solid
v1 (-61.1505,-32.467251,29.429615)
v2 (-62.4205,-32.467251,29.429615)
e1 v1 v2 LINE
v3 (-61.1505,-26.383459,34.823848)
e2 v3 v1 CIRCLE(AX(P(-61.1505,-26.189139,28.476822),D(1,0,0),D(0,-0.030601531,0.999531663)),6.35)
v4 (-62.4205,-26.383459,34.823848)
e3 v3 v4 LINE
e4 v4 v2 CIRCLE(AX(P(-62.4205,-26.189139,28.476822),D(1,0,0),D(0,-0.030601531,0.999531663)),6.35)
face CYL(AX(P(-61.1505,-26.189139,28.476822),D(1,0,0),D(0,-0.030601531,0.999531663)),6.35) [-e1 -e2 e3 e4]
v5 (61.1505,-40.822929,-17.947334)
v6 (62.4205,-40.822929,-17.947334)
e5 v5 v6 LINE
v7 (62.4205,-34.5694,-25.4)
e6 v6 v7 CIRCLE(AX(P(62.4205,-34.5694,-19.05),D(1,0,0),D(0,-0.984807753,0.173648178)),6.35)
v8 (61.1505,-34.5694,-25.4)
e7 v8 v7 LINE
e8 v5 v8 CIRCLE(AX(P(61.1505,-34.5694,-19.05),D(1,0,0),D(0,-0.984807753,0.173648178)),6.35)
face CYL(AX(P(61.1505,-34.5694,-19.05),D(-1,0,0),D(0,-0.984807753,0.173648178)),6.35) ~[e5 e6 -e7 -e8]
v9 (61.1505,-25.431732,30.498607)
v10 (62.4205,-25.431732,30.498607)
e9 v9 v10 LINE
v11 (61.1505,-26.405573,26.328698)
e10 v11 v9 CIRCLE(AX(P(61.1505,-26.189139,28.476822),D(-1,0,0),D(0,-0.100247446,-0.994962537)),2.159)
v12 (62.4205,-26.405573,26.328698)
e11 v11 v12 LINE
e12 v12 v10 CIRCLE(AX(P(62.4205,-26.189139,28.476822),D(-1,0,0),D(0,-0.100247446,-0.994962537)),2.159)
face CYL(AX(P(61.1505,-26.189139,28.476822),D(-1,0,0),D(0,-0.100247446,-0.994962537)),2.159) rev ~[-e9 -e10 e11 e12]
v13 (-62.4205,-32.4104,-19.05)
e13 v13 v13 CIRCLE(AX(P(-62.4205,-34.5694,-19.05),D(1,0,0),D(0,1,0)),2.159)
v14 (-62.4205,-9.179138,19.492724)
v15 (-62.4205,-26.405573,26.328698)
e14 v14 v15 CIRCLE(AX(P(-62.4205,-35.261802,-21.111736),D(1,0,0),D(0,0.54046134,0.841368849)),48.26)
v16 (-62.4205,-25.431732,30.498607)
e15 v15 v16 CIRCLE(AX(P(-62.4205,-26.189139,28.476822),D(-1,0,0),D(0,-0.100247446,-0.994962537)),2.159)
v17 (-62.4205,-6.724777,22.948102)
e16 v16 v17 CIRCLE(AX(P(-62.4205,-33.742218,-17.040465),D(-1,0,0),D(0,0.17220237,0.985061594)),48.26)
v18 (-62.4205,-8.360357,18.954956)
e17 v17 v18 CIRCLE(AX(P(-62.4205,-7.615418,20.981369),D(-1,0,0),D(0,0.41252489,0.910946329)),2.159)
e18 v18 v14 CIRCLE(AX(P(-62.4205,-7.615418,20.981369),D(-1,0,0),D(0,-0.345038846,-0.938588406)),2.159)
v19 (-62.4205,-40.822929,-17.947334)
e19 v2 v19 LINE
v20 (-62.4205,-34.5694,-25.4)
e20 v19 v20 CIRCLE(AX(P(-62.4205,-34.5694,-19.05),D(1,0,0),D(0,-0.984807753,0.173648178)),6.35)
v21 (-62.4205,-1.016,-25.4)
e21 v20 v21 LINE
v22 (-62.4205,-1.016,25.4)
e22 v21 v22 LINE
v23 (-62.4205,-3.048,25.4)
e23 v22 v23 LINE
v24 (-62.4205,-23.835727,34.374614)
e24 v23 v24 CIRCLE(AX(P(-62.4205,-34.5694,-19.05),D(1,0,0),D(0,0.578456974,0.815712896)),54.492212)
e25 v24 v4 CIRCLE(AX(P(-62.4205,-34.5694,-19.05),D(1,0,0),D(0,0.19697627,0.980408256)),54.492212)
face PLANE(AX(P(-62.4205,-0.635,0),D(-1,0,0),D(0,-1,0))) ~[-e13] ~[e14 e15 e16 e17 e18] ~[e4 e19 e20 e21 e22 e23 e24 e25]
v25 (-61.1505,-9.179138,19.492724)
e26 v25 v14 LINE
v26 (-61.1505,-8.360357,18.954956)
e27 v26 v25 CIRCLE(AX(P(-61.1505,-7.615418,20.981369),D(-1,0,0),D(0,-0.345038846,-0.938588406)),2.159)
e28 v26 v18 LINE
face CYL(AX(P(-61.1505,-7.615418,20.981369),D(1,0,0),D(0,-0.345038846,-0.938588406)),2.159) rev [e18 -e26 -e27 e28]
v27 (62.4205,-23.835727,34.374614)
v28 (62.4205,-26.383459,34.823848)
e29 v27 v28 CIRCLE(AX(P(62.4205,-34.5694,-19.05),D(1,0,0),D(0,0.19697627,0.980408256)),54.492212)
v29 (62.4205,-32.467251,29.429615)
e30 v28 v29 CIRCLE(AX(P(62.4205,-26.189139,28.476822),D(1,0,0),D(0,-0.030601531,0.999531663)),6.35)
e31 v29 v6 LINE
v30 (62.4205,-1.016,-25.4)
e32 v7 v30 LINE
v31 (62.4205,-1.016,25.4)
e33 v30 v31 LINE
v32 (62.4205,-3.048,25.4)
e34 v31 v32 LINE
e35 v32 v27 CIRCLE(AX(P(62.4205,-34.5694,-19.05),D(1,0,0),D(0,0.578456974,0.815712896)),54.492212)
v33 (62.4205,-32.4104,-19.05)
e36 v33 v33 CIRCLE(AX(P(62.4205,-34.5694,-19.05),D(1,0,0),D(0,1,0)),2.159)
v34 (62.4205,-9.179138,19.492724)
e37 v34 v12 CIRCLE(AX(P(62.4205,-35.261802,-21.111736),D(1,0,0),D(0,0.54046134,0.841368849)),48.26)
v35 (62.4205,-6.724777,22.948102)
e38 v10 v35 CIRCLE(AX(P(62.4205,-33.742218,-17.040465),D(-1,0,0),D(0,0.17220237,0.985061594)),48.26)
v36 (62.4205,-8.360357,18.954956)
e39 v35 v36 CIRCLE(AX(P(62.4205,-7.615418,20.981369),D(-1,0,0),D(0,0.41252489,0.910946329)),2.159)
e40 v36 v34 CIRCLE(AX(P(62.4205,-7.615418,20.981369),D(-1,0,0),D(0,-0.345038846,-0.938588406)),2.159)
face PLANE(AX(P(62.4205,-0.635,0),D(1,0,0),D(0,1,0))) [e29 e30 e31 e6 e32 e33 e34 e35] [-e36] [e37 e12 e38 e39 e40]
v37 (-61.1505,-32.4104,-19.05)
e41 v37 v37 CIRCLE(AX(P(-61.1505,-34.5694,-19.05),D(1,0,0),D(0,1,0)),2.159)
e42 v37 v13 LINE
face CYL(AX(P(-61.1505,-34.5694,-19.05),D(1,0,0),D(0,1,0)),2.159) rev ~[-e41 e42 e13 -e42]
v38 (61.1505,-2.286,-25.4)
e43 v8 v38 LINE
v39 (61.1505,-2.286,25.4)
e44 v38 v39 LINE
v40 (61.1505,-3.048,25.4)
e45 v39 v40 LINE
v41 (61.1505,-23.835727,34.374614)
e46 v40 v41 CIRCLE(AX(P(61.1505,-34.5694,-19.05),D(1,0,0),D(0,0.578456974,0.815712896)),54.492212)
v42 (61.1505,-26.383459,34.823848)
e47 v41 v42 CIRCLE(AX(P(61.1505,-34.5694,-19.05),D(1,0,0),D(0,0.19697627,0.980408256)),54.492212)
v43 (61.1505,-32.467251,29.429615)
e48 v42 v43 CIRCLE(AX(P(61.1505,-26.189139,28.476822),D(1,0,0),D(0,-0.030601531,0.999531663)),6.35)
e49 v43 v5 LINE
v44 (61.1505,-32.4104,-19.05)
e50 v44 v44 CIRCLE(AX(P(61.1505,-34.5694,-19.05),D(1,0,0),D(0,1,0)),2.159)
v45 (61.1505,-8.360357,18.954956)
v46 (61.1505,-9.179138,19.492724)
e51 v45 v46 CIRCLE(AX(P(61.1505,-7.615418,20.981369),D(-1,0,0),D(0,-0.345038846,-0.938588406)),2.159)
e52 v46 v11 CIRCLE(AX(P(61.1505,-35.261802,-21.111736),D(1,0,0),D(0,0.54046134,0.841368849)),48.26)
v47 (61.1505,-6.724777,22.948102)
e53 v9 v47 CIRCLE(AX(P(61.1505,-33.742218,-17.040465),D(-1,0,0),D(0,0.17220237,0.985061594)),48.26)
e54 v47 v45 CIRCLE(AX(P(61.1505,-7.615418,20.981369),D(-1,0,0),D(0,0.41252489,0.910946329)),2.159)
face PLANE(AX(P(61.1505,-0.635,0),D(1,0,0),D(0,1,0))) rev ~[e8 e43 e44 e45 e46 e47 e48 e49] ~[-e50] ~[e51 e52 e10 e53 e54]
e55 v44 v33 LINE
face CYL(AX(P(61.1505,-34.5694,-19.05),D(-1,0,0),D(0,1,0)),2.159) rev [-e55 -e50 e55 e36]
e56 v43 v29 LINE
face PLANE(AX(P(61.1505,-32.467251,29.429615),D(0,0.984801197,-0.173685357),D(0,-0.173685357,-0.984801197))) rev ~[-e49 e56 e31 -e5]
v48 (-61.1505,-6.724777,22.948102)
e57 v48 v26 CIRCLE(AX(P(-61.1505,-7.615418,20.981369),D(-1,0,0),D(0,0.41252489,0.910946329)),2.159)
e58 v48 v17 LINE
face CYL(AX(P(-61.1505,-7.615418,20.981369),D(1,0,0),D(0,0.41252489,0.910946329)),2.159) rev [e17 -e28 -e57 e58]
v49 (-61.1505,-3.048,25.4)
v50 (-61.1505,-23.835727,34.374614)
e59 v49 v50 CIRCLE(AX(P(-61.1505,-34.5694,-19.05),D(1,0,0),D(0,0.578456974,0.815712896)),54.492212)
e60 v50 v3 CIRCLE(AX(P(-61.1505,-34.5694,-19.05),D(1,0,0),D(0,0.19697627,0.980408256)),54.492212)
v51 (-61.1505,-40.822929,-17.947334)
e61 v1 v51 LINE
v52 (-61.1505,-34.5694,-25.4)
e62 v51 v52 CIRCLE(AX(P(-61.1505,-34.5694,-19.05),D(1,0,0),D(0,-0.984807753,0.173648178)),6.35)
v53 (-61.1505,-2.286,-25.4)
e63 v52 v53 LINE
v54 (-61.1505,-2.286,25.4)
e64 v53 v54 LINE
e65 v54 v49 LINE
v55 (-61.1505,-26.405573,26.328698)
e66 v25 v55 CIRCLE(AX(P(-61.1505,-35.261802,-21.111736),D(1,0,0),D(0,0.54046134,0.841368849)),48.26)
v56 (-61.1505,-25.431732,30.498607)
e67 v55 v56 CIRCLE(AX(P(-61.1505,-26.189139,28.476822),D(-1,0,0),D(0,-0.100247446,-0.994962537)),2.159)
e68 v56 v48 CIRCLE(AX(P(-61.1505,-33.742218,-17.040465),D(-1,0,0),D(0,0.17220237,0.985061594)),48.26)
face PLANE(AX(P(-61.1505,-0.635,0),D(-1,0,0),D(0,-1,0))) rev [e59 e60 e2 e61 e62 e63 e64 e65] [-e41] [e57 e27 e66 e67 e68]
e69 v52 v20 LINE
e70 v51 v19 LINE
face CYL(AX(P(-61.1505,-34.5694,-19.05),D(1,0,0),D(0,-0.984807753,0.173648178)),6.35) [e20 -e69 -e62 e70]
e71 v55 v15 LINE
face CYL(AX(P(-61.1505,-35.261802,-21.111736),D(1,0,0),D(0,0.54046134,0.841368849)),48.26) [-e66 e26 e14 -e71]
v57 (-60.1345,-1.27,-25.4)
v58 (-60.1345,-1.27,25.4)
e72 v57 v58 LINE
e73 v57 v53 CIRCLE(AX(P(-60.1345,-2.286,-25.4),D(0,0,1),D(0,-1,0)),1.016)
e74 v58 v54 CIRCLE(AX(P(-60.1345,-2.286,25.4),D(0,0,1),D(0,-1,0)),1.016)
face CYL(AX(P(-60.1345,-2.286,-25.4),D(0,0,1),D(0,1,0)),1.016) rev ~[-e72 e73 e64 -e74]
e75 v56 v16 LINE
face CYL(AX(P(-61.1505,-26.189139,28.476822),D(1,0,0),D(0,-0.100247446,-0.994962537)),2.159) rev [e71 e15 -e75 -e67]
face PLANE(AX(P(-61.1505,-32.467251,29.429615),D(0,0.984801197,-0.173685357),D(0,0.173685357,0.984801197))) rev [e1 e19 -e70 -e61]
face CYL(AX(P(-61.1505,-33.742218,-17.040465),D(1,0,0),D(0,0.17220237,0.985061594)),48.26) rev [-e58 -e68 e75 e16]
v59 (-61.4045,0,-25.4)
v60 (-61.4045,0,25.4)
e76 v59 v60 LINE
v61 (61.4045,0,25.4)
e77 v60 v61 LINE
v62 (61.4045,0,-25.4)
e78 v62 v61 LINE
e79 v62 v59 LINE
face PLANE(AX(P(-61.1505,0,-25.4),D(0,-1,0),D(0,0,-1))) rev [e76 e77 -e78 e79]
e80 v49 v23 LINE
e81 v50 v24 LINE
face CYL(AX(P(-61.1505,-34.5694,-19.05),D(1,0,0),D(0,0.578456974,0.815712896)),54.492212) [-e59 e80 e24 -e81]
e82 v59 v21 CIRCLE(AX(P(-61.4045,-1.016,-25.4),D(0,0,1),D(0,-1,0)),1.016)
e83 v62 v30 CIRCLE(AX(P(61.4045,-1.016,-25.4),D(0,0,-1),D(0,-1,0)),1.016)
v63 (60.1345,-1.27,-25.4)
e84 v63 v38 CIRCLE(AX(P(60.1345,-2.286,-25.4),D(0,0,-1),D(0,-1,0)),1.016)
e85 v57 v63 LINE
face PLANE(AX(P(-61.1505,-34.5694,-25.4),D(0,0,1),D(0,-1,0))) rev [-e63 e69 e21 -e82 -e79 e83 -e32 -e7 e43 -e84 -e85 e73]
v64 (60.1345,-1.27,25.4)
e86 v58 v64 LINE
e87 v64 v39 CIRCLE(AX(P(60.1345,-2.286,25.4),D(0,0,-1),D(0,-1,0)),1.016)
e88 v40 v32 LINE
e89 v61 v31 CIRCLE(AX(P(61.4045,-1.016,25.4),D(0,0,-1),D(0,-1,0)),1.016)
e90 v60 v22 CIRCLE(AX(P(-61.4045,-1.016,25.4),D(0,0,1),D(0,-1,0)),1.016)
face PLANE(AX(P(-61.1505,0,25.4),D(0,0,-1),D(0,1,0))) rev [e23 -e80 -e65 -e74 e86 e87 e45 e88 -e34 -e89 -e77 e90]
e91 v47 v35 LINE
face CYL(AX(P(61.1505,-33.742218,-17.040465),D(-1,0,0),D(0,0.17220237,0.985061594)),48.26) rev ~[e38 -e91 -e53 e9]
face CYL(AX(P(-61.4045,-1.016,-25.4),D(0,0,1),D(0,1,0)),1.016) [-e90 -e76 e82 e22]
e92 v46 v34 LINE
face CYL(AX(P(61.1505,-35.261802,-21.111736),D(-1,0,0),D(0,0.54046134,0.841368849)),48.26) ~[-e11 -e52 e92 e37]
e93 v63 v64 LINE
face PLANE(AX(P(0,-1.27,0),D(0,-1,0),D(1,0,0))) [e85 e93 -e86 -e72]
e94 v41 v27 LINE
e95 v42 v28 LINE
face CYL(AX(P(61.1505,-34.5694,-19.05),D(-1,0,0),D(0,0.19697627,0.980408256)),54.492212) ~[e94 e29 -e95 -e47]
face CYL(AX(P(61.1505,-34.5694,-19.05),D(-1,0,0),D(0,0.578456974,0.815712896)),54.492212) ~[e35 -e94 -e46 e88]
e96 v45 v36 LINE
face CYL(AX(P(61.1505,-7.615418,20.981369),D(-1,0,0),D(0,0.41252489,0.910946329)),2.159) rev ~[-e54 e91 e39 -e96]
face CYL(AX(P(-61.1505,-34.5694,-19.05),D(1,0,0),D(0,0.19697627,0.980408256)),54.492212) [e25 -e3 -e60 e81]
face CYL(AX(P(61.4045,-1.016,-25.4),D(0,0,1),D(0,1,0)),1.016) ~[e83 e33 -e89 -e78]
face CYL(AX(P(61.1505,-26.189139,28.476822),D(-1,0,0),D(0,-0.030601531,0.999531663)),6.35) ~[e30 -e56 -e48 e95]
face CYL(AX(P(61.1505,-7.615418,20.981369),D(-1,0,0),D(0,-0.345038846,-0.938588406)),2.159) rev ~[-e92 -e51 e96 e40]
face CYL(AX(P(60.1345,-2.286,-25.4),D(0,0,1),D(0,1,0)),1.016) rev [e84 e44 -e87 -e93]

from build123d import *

# Parameters (mm, degrees)
F0_W     = 122.301
F0_H     = 50.8
F1_DEPTH = 1.27
F2_W     = 1.27
F2_H     = 50.8
F2_R     = 2.159
F3_DEPTH = 1.27
F5_R     = 1.016


with BuildPart() as f1:
    # F0 (on Front) → F1 (new body)
    with BuildSketch(Plane.XZ):
        Rectangle(F0_W, F0_H)
    extrude(amount=F1_DEPTH)

    # F2 (on face) → F3 (join)
    with BuildSketch(Plane.YZ.offset(61.1505)):
        with Locations((-0.635, 0)):
            Rectangle(F2_W, F2_H)
        with BuildLine():
            Line((-34.5694, -25.4), (-1.27, -25.4))
            Line((-1.27, -25.4), (-1.27, 25.4))
            Line((-1.27, 25.4), (-3.048, 25.4))
            ThreePointArc((-3.048, 25.4), (-12.9705871442, 30.9789160504), (-23.835727376, 34.3746144578))
            ThreePointArc((-23.835727376, 34.3746144578), (-25.1069267062, 34.6143527598), (-26.3834586647, 34.8238482236))
            ThreePointArc((-26.3834586647, 34.8238482236), (-30.4019207613, 33.2281345448), (-32.4672506211, 29.4296147888))
            Line((-32.4672506211, 29.4296147888), (-40.8229292316, -17.9473340718))
            ThreePointArc((-40.8229292316, -17.9473340718), (-39.4337822138, -23.1317013215), (-34.5694, -25.4))
        make_face()
        with Locations((-34.5694, -19.05)):
            Circle(F2_R, mode=Mode.SUBTRACT)
        with BuildLine():
            ThreePointArc((-26.4055731828, 26.3286980436), (-28.291565828, 28.9678233876), (-25.4317316722, 30.4986073176))
            ThreePointArc((-25.4317316722, 30.4986073176), (-15.6793239493, 27.7117353818), (-6.7247772333, 22.9481018219))
            ThreePointArc((-6.7247772333, 22.9481018219), (-5.617517065, 20.1630344292), (-8.3603573385, 18.954956329))
            ThreePointArc((-8.3603573385, 18.954956329), (-8.8006503817, 19.1767894333), (-9.1791381358, 19.4927244109))
            ThreePointArc((-9.1791381358, 19.4927244109), (-17.4611225454, 23.7454080866), (-26.4055731828, 26.3286980436))
        make_face(mode=Mode.SUBTRACT)
    extrude(amount=F3_DEPTH)

    # F4: F1 across plane


with BuildPart() as f1_1:
    add(f1.part)
    add(f1.part.mirror(Plane.YZ))

    # F5
    f5_edges = [f1_1.edges().sort_by_distance(p)[0] for p in [
        (-62.4205, 0, 0),
        (62.4205, 0, 0),
        (61.1505, -1.27, 0),
        (-61.1505, -1.27, 0),
    ]]
    fillet(f5_edges, radius=F5_R)


solid = f1_1.part
